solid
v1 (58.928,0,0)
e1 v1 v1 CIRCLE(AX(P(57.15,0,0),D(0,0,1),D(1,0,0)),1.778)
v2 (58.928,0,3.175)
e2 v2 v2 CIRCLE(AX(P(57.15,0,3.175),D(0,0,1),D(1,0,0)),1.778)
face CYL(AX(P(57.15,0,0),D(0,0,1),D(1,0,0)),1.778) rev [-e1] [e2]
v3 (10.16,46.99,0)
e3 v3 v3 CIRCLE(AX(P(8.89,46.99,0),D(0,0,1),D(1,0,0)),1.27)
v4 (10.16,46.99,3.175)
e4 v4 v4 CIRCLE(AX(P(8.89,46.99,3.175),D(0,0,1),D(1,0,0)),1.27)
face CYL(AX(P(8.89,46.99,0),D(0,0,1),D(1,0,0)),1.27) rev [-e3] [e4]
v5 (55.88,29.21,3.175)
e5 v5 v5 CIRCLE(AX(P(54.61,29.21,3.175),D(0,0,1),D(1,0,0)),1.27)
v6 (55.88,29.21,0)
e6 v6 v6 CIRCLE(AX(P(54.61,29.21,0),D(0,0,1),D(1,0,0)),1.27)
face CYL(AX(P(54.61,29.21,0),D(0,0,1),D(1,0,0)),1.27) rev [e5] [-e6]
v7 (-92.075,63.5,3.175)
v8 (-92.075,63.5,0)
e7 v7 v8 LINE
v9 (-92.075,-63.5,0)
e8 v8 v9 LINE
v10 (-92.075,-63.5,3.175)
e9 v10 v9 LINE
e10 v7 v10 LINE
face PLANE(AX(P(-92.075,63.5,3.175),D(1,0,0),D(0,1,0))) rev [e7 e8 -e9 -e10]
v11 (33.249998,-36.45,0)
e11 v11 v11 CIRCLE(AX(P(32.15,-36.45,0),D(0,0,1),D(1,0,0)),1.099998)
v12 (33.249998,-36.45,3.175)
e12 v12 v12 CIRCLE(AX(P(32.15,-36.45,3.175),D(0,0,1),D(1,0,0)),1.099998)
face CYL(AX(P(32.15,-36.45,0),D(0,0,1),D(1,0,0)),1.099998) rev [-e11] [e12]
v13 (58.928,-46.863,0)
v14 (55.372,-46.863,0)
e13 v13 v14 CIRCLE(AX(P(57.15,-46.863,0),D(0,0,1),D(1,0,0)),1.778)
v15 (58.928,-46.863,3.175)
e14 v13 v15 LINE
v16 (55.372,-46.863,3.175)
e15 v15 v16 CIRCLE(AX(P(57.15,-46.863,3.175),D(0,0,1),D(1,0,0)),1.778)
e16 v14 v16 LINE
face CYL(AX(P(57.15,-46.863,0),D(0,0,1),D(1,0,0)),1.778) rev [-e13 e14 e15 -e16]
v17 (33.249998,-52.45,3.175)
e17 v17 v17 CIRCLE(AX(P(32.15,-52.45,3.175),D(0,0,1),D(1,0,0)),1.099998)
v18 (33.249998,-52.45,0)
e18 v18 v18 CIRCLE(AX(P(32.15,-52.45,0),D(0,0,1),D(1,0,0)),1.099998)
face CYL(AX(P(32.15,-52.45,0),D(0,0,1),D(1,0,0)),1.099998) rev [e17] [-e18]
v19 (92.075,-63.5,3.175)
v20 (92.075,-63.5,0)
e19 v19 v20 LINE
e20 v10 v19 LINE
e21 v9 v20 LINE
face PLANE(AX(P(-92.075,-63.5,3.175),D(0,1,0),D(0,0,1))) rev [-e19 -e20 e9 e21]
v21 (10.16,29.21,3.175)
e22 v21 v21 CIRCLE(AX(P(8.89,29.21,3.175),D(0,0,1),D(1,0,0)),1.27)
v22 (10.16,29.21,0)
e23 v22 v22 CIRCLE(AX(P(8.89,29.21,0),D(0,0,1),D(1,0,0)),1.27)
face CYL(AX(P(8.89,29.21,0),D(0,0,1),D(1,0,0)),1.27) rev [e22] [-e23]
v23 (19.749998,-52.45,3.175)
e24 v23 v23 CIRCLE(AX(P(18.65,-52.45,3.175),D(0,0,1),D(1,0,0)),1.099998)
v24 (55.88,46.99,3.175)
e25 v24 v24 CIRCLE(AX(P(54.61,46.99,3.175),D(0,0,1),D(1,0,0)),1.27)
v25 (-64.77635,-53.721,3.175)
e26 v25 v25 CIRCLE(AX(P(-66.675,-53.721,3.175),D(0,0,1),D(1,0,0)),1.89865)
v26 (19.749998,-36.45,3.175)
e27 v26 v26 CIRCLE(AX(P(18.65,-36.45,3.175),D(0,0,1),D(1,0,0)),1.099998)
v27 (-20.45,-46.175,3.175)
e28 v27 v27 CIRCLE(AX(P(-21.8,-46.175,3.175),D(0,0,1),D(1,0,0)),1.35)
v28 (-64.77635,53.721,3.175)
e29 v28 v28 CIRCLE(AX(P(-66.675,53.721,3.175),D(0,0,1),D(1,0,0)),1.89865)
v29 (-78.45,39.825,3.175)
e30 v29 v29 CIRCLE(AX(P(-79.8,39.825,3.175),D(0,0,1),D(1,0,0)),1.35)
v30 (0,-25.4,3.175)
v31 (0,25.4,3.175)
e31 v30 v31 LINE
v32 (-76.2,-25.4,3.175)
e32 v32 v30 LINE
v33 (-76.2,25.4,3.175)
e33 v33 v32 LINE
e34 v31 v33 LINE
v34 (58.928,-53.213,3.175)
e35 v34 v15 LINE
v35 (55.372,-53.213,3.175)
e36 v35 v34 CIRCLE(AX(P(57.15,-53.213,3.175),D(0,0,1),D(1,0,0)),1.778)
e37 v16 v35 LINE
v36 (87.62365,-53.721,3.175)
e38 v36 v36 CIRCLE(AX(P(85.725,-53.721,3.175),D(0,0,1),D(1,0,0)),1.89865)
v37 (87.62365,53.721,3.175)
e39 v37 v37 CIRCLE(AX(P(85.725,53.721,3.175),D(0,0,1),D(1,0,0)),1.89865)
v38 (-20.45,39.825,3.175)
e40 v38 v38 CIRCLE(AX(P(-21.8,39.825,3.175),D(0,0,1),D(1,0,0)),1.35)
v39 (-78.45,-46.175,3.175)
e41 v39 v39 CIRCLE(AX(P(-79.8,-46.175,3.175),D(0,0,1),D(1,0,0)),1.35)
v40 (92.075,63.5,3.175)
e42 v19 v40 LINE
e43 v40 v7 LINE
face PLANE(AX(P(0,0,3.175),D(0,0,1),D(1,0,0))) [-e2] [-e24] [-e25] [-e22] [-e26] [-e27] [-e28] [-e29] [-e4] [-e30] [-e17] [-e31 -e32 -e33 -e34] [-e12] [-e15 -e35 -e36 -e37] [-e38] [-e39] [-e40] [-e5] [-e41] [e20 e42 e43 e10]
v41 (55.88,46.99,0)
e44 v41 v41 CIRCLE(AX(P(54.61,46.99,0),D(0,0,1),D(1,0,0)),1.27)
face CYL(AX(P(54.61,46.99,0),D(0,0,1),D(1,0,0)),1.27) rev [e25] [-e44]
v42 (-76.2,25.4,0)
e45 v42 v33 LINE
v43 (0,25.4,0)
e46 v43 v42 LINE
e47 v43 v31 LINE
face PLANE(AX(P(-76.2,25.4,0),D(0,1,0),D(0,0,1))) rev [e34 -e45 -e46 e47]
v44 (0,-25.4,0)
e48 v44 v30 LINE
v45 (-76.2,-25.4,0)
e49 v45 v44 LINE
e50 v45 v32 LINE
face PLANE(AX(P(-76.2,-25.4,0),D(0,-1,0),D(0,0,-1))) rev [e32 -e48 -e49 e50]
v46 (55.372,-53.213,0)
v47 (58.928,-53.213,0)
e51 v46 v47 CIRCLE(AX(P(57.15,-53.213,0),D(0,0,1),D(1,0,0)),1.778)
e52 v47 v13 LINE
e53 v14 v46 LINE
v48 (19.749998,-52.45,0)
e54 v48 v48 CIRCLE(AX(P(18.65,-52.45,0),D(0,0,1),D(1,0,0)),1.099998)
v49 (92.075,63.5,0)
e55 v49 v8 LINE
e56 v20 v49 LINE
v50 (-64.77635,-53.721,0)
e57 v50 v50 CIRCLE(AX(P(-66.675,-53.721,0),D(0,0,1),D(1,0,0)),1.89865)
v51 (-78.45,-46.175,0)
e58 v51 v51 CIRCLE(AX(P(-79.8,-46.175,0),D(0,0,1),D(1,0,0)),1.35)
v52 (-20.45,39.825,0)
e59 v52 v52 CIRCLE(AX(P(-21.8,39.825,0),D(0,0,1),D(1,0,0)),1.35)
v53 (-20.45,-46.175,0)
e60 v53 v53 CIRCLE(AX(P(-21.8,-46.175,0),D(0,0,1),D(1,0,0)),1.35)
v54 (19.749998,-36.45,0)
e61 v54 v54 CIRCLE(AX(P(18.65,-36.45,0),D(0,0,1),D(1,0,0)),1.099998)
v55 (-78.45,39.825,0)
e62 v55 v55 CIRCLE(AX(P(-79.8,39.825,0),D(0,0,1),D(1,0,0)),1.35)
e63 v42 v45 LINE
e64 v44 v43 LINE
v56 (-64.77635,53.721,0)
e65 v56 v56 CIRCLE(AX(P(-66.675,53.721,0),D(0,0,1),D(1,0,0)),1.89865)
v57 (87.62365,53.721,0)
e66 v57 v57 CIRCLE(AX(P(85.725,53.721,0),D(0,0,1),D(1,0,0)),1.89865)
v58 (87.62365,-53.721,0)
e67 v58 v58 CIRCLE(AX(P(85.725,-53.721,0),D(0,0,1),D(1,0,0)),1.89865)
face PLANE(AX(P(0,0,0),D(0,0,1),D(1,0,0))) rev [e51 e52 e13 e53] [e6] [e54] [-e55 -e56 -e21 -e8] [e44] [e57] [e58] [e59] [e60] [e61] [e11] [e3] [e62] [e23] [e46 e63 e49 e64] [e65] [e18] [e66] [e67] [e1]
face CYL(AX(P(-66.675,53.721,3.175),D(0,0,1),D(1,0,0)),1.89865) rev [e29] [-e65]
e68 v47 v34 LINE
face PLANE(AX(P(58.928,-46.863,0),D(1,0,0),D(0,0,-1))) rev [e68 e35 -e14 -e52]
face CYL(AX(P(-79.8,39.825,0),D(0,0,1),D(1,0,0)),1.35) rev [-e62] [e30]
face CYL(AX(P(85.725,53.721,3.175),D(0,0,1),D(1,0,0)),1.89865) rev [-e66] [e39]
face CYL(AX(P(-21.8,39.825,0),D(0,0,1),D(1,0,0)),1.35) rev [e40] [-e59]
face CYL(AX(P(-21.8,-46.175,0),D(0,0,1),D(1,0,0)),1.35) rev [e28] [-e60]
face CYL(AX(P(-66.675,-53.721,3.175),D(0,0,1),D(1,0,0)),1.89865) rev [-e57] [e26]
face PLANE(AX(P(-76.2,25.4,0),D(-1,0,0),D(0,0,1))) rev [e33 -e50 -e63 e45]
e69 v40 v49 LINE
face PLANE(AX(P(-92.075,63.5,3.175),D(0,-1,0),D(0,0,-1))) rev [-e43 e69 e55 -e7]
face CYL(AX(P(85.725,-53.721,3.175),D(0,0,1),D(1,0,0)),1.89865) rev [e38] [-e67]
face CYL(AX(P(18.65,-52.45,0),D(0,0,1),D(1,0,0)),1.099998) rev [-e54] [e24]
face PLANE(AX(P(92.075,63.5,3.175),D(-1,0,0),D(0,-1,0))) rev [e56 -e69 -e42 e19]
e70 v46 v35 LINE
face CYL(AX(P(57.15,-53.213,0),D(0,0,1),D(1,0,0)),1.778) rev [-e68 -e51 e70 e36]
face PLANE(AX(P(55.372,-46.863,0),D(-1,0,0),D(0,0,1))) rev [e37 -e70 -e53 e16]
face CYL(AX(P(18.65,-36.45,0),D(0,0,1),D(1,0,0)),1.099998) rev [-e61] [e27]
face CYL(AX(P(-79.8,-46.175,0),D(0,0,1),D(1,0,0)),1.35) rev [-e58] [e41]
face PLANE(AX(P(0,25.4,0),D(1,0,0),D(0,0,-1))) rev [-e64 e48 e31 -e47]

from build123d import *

# Parameters (mm, degrees)
SKETCH1_W             = 184.15
SKETCH1_H             = 127
BOSS_EXTRUDE1_DEPTH   = 3.175
SKETCH3_R             = 1.35
CUT_EXTRUDE1_DEPTH    = 112.893414686
F_6_CLEARANCE_HOLE1_D = 3.7973
SKETCH9_R             = 1.0999978
CUT_EXTRUDE2_DEPTH    = 112.893414686
SKETCH10_R            = 1.27
CUT_EXTRUDE3_DEPTH    = 112.893414686
SKETCH11_R            = 1.778
CUT_EXTRUDE4_DEPTH    = 112.893414686
SKETCH12_W            = 76.2
SKETCH12_H            = 50.8
CUT_EXTRUDE5_DEPTH    = 112.893414686


with BuildPart() as part:
    # Sketch1 → Boss-Extrude1 (new body)
    with BuildSketch(Plane.XY):
        Rectangle(SKETCH1_W, SKETCH1_H)
    extrude(amount=BOSS_EXTRUDE1_DEPTH)

    # Sketch3 → Cut-Extrude1 (cut, through all)
    with BuildSketch(Plane.XY.offset(3.175)):
        with Locations((-79.800000039, 39.825)):
            Circle(SKETCH3_R)
        with Locations((-21.799999961, 39.825)):
            Circle(SKETCH3_R)
        with Locations((-79.800000039, -46.175)):
            Circle(SKETCH3_R)
        with Locations((-21.799999961, -46.175)):
            Circle(SKETCH3_R)
    extrude(amount=-CUT_EXTRUDE1_DEPTH, mode=Mode.SUBTRACT)

    # #6 Clearance Hole1 (through all)
    with Locations(Plane.XY.offset(3.175)):
        with Locations((-66.675, 53.721), (85.725, 53.721)):
            f_6_clearance_hole1 = Hole(F_6_CLEARANCE_HOLE1_D / 2)

    # Mirror3: #6 Clearance Hole1 across plane
    add(f_6_clearance_hole1.mirror(Plane.ZX), mode=Mode.SUBTRACT)

    # Sketch9 → Cut-Extrude2 (cut, through all)
    with BuildSketch(Plane.XY.offset(3.175)):
        with Locations((18.650000038, -36.45)):
            Circle(SKETCH9_R)
        with Locations((32.149999962, -36.45)):
            Circle(SKETCH9_R)
        with Locations((32.149999962, -52.45)):
            Circle(SKETCH9_R)
        with Locations((18.650000038, -52.45)):
            Circle(SKETCH9_R)
    extrude(amount=-CUT_EXTRUDE2_DEPTH, mode=Mode.SUBTRACT)

    # Sketch10 → Cut-Extrude3 (cut, through all)
    with BuildSketch(Plane.XY.offset(3.175)):
        with Locations((54.61, 46.99)):
            Circle(SKETCH10_R)
        with Locations((54.61, 29.21)):
            Circle(SKETCH10_R)
        with Locations((8.89, 29.21)):
            Circle(SKETCH10_R)
        with Locations((8.89, 46.99)):
            Circle(SKETCH10_R)
    extrude(amount=-CUT_EXTRUDE3_DEPTH, mode=Mode.SUBTRACT)

    # Sketch11 → Cut-Extrude4 (cut, through all)
    with BuildSketch(Plane.XY.offset(3.175)):
        with Locations((57.15, 0)):
            Circle(SKETCH11_R)
        with BuildLine():
            Line((58.928, -46.863), (58.928, -53.213))
            ThreePointArc((58.928, -53.213), (57.15, -54.991), (55.372, -53.213))
            Line((55.372, -53.213), (55.372, -46.863))
            ThreePointArc((55.372, -46.863), (57.15, -45.085), (58.928, -46.863))
        make_face()
    extrude(amount=-CUT_EXTRUDE4_DEPTH, mode=Mode.SUBTRACT)

    # Sketch12 → Cut-Extrude5 (cut, through all)
    with BuildSketch(Plane.XY.offset(3.175)):
        with Locations((-38.1, 0)):
            Rectangle(SKETCH12_W, SKETCH12_H)
    extrude(amount=-CUT_EXTRUDE5_DEPTH, mode=Mode.SUBTRACT)


solid = part.part
